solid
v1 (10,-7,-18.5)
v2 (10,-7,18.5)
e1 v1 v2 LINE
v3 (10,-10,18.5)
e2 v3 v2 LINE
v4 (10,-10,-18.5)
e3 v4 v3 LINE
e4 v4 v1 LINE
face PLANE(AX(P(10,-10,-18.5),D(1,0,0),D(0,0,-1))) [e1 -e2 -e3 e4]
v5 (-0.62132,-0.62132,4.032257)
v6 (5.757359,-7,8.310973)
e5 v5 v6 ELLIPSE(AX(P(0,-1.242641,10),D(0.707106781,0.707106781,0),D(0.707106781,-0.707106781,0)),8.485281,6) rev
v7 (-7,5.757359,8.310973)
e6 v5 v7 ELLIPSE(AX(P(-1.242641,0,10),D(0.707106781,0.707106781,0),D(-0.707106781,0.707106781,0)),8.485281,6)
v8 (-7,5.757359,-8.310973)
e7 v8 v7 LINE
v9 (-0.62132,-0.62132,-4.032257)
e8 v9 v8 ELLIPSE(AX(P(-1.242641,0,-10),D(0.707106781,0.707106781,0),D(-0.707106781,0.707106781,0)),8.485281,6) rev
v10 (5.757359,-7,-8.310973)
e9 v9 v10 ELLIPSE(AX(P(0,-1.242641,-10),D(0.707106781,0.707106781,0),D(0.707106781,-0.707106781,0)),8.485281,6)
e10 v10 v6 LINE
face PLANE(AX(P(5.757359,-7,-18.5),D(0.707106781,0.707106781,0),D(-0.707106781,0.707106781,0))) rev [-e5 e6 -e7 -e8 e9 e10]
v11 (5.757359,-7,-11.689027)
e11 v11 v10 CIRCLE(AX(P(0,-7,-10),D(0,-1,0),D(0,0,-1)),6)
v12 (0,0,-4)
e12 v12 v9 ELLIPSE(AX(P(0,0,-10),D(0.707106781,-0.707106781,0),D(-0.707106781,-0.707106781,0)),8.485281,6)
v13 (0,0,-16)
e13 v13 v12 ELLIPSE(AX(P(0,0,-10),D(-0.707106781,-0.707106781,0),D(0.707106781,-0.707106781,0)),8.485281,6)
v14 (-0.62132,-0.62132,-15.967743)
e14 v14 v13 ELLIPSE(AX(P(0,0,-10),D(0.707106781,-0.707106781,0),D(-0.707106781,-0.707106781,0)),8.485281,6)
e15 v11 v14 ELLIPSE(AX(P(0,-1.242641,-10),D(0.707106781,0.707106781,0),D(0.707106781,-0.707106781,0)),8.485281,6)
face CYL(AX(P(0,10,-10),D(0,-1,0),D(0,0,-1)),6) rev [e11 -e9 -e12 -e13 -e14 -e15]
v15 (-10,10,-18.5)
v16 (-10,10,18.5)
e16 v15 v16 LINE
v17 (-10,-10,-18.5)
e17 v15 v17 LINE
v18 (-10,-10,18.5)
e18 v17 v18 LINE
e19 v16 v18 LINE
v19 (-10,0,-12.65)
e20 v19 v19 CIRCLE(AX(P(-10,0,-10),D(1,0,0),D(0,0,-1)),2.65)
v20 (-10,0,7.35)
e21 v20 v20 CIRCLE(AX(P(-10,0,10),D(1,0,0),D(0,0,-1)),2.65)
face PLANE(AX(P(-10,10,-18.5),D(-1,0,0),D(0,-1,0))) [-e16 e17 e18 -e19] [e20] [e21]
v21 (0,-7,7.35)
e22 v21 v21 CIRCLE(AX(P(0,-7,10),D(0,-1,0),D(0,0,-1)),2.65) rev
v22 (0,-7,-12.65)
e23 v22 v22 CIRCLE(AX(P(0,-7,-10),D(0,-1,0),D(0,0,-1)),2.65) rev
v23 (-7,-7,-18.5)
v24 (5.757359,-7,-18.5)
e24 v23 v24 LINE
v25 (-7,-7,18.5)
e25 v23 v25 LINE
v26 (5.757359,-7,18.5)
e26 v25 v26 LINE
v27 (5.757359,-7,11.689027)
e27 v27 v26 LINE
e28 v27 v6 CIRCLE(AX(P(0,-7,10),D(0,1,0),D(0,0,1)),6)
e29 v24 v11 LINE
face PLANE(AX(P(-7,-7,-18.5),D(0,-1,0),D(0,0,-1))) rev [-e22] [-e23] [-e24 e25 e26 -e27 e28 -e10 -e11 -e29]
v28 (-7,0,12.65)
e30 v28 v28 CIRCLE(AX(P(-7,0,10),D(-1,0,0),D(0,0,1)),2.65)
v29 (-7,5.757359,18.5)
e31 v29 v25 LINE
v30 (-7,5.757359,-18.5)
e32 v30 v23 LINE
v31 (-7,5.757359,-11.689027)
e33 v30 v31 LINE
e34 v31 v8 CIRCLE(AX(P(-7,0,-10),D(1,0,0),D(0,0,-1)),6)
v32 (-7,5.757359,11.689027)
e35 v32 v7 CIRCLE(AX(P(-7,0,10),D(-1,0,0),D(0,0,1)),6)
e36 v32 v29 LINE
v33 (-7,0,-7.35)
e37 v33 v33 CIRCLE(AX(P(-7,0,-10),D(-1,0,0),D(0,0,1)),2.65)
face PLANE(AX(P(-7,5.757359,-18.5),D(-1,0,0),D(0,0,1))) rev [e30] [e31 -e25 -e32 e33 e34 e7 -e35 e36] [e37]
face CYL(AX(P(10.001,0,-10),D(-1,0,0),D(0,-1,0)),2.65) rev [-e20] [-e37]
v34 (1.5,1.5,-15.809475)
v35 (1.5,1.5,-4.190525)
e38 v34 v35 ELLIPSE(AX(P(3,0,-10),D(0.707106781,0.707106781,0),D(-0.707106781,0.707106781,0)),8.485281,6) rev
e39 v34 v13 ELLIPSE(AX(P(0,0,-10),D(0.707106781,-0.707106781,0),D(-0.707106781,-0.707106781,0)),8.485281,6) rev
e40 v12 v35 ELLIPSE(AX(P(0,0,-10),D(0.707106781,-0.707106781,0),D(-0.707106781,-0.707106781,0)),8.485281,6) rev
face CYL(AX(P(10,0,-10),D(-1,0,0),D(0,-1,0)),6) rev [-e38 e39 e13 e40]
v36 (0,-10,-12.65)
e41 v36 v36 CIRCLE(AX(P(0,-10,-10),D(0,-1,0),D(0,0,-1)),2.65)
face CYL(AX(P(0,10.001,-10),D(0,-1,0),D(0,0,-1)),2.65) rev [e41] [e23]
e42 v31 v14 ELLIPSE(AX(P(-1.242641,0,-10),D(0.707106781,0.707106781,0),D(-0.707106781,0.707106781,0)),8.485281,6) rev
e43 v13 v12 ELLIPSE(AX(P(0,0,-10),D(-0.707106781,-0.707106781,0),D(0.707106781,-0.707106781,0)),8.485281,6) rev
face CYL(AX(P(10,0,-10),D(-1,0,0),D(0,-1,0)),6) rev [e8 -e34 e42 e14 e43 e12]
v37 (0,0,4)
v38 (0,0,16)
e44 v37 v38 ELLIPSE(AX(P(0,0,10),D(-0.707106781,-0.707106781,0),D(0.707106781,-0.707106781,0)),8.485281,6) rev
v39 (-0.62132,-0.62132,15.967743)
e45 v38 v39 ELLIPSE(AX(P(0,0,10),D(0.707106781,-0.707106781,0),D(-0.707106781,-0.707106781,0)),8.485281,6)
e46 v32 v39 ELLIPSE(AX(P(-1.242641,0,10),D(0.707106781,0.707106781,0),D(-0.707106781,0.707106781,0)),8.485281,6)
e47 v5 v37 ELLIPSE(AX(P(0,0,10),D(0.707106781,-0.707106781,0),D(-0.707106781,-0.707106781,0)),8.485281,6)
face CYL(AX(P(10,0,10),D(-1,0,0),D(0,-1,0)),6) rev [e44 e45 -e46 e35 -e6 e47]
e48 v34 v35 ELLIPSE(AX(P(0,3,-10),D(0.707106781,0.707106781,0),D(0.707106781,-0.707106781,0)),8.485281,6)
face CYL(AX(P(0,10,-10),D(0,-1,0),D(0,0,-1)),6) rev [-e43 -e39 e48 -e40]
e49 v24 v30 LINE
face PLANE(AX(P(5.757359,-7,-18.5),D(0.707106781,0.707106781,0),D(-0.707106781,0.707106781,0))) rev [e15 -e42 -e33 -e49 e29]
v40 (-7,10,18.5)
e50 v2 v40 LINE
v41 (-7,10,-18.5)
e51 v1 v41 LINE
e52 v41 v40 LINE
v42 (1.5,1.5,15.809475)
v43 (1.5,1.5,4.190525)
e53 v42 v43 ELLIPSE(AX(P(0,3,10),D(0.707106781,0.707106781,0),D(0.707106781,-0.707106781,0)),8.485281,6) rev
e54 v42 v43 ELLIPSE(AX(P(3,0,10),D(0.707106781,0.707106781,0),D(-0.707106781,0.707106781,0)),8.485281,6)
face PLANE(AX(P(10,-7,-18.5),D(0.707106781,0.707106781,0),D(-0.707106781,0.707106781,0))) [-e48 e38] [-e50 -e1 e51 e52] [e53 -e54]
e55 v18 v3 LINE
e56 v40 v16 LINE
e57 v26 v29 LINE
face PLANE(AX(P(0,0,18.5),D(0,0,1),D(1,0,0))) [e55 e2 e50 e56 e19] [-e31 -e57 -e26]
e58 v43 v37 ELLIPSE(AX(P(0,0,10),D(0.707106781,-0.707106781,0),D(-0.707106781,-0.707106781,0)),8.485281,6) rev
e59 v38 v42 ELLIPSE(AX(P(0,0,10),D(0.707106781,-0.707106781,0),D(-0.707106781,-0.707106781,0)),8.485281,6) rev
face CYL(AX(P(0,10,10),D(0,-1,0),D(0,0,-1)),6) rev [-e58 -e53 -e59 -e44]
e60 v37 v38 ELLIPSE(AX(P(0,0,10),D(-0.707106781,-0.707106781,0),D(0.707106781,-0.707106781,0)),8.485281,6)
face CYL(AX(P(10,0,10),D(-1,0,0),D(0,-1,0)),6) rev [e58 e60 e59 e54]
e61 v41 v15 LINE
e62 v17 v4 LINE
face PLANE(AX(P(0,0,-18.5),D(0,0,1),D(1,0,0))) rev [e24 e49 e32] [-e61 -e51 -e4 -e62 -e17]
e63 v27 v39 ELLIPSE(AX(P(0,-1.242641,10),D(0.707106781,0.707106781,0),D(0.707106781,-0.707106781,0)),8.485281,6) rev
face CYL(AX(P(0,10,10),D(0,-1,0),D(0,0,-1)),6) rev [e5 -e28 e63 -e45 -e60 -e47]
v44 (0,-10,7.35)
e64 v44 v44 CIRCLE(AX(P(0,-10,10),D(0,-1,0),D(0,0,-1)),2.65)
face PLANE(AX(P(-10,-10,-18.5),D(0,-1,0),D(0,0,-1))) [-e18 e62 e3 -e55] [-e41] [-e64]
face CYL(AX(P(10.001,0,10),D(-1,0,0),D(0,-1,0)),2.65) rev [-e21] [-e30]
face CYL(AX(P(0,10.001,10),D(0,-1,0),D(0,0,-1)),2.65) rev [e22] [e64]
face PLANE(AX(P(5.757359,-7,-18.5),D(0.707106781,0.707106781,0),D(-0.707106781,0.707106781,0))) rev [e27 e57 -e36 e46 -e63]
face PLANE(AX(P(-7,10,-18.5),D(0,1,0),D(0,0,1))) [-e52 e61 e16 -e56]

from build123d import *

# Parameters (mm, degrees)
BOSS_EXTRUDE1_DEPTH     = 18.5
SKETCH4_R               = 2.65
CUT_EXTRUDE1_DEPTH      = 3
SKETCH6_R               = 6
CUT_EXTRUDE2_DEPTH      = 18
MIRROR2_COPY_1_SKETCH_R = 2.65
MIRROR2_COPY_1_DEPTH    = 3
MIRROR2_COPY_2_SKETCH_R = 6
MIRROR2_COPY_2_DEPTH    = 18
MIRROR2_COPY_3_SKETCH_R = 2.65
MIRROR2_COPY_3_DEPTH    = 3


with BuildPart() as part:
    # Sketch2 → Boss-Extrude1 (new body, symmetric)
    with BuildSketch(Plane.XY):
        Polygon((-10, 10), (-10, -10), (10, -10), (10, -7), (-7, 10), align=None)
        Polygon((-7, 5.757359313), (-7, -7), (5.757359313, -7), align=None, mode=Mode.SUBTRACT)
    extrude(amount=BOSS_EXTRUDE1_DEPTH, both=True)

    # Sketch4 → Cut-Extrude1 (cut)
    with BuildSketch(Plane.XZ.offset(10)):
        with Locations((0, -10)):
            Circle(SKETCH4_R)
        with Locations((0, 10)):
            Circle(SKETCH4_R)
    cut_extrude1 = extrude(amount=-CUT_EXTRUDE1_DEPTH, mode=Mode.SUBTRACT)

    # Sketch6 → Cut-Extrude2 (cut, through all)
    with BuildSketch(Plane(origin=(0, -7, 0), x_dir=(1, 0, 0), z_dir=(0, 1, 0))):
        with Locations((0, -10)):
            Circle(SKETCH6_R)
    cut_extrude2 = extrude(amount=CUT_EXTRUDE2_DEPTH, mode=Mode.SUBTRACT)

    # Mirror1: Cut-Extrude1, Cut-Extrude2 across plane
    add(cut_extrude1.mirror(Plane(origin=(0, 0, 0), x_dir=(0, 0, 1), z_dir=(0.707106781, -0.707106781, 0))), mode=Mode.SUBTRACT)
    add(cut_extrude2.mirror(Plane(origin=(0, 0, 0), x_dir=(0, 0, 1), z_dir=(0.707106781, -0.707106781, 0))), mode=Mode.SUBTRACT)

    # Mirror2: Cut-Extrude2 across plane
    add(cut_extrude2.mirror(Plane.XY), mode=Mode.SUBTRACT)

    # Mirror2 copy 1 sketch → Mirror2 copy 1 (cut)
    with BuildSketch(Plane(origin=(-10, 0, 0), x_dir=(0, 1, 0), z_dir=(-1, 0, 0))):
        with Locations((0, -10)):
            Circle(MIRROR2_COPY_1_SKETCH_R)
        with Locations((0, 10)):
            Circle(MIRROR2_COPY_1_SKETCH_R)
    extrude(amount=-MIRROR2_COPY_1_DEPTH, mode=Mode.SUBTRACT)

    # Mirror2 copy 2 sketch → Mirror2 copy 2 (cut, through all)
    with BuildSketch(Plane.YZ.offset(-7)):
        with Locations((0, -10)):
            Circle(MIRROR2_COPY_2_SKETCH_R)
    extrude(amount=MIRROR2_COPY_2_DEPTH, mode=Mode.SUBTRACT)

    # Mirror2 copy 3 sketch → Mirror2 copy 3 (cut)
    with BuildSketch(Plane.XZ.offset(10)):
        with Locations((0, 10)):
            Circle(MIRROR2_COPY_3_SKETCH_R)
        with Locations((0, -10)):
            Circle(MIRROR2_COPY_3_SKETCH_R)
    extrude(amount=-MIRROR2_COPY_3_DEPTH, mode=Mode.SUBTRACT)


solid = part.part
